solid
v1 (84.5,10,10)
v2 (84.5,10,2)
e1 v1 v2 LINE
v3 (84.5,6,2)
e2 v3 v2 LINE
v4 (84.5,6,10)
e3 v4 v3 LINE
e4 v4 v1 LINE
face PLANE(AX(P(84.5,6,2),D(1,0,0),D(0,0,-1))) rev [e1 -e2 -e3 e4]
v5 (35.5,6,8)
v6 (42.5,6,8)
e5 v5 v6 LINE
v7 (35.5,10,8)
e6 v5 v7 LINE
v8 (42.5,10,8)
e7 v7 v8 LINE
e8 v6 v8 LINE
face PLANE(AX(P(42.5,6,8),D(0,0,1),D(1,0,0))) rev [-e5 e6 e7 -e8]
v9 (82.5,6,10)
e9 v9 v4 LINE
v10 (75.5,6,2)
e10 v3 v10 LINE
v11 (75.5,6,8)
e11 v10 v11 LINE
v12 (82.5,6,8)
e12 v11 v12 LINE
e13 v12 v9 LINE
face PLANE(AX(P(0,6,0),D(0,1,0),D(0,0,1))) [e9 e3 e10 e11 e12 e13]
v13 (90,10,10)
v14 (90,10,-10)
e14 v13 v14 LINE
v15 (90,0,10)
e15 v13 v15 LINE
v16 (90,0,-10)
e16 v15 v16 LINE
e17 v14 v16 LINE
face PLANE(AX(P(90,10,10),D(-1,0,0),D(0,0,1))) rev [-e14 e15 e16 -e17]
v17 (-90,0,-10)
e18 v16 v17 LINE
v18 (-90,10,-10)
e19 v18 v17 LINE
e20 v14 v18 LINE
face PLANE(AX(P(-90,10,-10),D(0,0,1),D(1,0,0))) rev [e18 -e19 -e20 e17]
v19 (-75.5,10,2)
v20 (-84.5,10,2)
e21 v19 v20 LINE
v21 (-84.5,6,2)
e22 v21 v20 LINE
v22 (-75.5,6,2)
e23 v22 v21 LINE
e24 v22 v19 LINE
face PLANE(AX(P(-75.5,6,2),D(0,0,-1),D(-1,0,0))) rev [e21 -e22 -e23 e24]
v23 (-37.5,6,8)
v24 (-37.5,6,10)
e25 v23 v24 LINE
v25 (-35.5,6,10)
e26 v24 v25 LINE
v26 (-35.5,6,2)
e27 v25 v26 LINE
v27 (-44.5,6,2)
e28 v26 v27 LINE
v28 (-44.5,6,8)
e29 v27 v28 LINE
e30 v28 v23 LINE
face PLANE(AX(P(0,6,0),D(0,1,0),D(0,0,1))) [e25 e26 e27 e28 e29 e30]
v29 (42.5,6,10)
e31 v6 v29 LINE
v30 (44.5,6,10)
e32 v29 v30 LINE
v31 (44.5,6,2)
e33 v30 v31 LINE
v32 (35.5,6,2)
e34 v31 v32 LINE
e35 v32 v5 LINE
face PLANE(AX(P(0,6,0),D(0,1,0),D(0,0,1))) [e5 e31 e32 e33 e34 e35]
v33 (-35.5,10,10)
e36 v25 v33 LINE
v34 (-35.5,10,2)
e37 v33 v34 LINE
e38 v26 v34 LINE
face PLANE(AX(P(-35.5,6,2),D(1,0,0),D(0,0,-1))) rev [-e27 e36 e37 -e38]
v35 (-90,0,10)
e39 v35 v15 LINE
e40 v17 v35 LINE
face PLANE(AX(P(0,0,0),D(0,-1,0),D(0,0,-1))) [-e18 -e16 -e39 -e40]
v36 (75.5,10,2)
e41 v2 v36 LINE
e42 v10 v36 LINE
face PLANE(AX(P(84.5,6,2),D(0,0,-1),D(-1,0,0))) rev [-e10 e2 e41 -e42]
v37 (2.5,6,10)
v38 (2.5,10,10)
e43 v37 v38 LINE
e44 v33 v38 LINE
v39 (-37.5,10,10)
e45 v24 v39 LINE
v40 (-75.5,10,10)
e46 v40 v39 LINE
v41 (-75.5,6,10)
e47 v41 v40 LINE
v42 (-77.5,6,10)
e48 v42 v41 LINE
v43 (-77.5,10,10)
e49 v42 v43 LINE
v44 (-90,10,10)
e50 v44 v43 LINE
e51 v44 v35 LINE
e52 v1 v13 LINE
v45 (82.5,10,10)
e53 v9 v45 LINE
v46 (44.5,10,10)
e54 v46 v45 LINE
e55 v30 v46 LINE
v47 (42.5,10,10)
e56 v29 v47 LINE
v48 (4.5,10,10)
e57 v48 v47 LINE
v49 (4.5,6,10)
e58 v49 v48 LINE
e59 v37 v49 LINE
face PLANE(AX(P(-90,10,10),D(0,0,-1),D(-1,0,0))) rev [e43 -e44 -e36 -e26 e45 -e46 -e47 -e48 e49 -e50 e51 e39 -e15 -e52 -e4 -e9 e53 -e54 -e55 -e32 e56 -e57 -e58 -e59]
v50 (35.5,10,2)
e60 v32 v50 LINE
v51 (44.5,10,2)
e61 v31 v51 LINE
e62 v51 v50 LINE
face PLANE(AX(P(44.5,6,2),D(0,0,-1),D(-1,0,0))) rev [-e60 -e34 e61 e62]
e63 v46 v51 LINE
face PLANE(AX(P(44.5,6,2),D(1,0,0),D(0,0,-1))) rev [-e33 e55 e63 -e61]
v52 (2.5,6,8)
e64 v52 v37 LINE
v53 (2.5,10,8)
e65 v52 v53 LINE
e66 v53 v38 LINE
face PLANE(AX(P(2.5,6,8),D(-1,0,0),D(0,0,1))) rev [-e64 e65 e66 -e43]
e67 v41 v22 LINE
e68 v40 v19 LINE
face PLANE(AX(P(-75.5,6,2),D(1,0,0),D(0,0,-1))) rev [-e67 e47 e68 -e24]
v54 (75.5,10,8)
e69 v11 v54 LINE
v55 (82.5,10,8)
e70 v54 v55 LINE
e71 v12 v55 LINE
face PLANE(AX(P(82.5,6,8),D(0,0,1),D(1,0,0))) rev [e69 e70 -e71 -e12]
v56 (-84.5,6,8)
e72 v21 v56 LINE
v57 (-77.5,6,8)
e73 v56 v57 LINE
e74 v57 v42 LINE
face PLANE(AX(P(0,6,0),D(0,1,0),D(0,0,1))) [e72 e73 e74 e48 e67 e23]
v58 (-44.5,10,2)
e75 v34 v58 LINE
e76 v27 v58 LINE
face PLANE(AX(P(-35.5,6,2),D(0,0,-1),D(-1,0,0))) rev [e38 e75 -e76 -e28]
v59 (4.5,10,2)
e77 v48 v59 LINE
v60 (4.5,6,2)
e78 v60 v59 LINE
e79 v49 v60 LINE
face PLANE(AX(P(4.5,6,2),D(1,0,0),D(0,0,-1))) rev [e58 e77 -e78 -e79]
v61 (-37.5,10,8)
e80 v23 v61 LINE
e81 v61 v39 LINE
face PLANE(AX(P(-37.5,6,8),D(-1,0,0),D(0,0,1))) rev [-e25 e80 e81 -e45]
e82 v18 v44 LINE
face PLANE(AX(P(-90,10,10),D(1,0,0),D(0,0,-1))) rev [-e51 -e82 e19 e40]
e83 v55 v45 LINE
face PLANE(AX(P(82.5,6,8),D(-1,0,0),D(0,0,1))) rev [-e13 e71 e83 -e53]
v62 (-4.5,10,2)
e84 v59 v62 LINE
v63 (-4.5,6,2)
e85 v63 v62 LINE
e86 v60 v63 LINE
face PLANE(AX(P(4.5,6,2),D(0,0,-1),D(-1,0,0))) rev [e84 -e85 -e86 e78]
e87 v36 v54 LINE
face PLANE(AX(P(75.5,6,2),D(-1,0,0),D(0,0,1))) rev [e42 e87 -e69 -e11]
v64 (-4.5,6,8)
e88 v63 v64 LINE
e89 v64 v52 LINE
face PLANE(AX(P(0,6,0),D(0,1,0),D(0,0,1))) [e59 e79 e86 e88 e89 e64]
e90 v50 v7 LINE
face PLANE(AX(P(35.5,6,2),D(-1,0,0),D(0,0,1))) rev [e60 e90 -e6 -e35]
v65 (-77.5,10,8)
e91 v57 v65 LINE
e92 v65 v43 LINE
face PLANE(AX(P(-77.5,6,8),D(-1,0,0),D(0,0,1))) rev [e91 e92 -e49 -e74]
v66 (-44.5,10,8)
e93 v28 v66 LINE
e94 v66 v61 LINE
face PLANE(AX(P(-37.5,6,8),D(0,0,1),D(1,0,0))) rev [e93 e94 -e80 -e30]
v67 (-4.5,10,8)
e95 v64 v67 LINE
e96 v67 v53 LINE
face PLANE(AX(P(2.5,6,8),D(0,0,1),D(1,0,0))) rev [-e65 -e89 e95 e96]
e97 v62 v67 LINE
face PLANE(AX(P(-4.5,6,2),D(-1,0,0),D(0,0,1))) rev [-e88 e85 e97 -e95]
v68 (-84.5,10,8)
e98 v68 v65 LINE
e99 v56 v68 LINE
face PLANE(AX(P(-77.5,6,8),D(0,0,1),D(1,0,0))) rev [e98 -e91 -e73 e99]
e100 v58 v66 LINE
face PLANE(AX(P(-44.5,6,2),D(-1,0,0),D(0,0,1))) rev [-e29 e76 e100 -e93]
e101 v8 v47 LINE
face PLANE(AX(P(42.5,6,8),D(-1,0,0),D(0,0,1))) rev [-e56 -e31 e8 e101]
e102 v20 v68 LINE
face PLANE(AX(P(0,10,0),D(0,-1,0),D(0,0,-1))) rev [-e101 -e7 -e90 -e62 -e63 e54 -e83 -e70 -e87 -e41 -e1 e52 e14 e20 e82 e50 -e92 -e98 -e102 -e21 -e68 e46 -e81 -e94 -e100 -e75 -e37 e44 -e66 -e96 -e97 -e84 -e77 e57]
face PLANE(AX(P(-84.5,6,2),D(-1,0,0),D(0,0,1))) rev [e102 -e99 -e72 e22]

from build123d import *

# Parameters (mm, degrees)
SKETCH1_W           = 180
SKETCH1_H           = 20
BOSS_EXTRUDE1_DEPTH = 10
CUT_EXTRUDE2_DEPTH  = 4


with BuildPart() as part:
    # Sketch1 → Boss-Extrude1 (new body)
    with BuildSketch(Plane(origin=(0, 0, 0), x_dir=(1, 0, 0), z_dir=(0, 1, 0))):
        Rectangle(SKETCH1_W, SKETCH1_H)
    extrude(amount=BOSS_EXTRUDE1_DEPTH)

    # Sketch2 → Cut-Extrude2 (cut)
    with BuildSketch(Plane(origin=(0, 10, 0), x_dir=(1, 0, 0), z_dir=(0, 1, 0))):
        Polygon((84.5, -2), (84.5, -7.781340665), (84.5, -10), (82.5, -10), (82.5, -8), (75.5, -8), (75.5, -2), align=None)
        Polygon((44.5, -2), (44.5, -7.781340665), (44.5, -10), (42.5, -10), (42.5, -8), (35.5, -8), (35.5, -2), align=None)
        Polygon((4.5, -2), (4.5, -7.781340665), (4.5, -10), (2.5, -10), (2.5, -8), (-4.5, -8), (-4.5, -2), align=None)
        Polygon((-35.5, -2), (-35.5, -7.781340665), (-35.5, -10), (-37.5, -10), (-37.5, -8), (-44.5, -8), (-44.5, -2), align=None)
        Polygon((-75.5, -2), (-75.5, -7.781340665), (-75.5, -10), (-77.5, -10), (-77.5, -8), (-84.5, -8), (-84.5, -2), align=None)
    extrude(amount=-CUT_EXTRUDE2_DEPTH, mode=Mode.SUBTRACT)


solid = part.part
